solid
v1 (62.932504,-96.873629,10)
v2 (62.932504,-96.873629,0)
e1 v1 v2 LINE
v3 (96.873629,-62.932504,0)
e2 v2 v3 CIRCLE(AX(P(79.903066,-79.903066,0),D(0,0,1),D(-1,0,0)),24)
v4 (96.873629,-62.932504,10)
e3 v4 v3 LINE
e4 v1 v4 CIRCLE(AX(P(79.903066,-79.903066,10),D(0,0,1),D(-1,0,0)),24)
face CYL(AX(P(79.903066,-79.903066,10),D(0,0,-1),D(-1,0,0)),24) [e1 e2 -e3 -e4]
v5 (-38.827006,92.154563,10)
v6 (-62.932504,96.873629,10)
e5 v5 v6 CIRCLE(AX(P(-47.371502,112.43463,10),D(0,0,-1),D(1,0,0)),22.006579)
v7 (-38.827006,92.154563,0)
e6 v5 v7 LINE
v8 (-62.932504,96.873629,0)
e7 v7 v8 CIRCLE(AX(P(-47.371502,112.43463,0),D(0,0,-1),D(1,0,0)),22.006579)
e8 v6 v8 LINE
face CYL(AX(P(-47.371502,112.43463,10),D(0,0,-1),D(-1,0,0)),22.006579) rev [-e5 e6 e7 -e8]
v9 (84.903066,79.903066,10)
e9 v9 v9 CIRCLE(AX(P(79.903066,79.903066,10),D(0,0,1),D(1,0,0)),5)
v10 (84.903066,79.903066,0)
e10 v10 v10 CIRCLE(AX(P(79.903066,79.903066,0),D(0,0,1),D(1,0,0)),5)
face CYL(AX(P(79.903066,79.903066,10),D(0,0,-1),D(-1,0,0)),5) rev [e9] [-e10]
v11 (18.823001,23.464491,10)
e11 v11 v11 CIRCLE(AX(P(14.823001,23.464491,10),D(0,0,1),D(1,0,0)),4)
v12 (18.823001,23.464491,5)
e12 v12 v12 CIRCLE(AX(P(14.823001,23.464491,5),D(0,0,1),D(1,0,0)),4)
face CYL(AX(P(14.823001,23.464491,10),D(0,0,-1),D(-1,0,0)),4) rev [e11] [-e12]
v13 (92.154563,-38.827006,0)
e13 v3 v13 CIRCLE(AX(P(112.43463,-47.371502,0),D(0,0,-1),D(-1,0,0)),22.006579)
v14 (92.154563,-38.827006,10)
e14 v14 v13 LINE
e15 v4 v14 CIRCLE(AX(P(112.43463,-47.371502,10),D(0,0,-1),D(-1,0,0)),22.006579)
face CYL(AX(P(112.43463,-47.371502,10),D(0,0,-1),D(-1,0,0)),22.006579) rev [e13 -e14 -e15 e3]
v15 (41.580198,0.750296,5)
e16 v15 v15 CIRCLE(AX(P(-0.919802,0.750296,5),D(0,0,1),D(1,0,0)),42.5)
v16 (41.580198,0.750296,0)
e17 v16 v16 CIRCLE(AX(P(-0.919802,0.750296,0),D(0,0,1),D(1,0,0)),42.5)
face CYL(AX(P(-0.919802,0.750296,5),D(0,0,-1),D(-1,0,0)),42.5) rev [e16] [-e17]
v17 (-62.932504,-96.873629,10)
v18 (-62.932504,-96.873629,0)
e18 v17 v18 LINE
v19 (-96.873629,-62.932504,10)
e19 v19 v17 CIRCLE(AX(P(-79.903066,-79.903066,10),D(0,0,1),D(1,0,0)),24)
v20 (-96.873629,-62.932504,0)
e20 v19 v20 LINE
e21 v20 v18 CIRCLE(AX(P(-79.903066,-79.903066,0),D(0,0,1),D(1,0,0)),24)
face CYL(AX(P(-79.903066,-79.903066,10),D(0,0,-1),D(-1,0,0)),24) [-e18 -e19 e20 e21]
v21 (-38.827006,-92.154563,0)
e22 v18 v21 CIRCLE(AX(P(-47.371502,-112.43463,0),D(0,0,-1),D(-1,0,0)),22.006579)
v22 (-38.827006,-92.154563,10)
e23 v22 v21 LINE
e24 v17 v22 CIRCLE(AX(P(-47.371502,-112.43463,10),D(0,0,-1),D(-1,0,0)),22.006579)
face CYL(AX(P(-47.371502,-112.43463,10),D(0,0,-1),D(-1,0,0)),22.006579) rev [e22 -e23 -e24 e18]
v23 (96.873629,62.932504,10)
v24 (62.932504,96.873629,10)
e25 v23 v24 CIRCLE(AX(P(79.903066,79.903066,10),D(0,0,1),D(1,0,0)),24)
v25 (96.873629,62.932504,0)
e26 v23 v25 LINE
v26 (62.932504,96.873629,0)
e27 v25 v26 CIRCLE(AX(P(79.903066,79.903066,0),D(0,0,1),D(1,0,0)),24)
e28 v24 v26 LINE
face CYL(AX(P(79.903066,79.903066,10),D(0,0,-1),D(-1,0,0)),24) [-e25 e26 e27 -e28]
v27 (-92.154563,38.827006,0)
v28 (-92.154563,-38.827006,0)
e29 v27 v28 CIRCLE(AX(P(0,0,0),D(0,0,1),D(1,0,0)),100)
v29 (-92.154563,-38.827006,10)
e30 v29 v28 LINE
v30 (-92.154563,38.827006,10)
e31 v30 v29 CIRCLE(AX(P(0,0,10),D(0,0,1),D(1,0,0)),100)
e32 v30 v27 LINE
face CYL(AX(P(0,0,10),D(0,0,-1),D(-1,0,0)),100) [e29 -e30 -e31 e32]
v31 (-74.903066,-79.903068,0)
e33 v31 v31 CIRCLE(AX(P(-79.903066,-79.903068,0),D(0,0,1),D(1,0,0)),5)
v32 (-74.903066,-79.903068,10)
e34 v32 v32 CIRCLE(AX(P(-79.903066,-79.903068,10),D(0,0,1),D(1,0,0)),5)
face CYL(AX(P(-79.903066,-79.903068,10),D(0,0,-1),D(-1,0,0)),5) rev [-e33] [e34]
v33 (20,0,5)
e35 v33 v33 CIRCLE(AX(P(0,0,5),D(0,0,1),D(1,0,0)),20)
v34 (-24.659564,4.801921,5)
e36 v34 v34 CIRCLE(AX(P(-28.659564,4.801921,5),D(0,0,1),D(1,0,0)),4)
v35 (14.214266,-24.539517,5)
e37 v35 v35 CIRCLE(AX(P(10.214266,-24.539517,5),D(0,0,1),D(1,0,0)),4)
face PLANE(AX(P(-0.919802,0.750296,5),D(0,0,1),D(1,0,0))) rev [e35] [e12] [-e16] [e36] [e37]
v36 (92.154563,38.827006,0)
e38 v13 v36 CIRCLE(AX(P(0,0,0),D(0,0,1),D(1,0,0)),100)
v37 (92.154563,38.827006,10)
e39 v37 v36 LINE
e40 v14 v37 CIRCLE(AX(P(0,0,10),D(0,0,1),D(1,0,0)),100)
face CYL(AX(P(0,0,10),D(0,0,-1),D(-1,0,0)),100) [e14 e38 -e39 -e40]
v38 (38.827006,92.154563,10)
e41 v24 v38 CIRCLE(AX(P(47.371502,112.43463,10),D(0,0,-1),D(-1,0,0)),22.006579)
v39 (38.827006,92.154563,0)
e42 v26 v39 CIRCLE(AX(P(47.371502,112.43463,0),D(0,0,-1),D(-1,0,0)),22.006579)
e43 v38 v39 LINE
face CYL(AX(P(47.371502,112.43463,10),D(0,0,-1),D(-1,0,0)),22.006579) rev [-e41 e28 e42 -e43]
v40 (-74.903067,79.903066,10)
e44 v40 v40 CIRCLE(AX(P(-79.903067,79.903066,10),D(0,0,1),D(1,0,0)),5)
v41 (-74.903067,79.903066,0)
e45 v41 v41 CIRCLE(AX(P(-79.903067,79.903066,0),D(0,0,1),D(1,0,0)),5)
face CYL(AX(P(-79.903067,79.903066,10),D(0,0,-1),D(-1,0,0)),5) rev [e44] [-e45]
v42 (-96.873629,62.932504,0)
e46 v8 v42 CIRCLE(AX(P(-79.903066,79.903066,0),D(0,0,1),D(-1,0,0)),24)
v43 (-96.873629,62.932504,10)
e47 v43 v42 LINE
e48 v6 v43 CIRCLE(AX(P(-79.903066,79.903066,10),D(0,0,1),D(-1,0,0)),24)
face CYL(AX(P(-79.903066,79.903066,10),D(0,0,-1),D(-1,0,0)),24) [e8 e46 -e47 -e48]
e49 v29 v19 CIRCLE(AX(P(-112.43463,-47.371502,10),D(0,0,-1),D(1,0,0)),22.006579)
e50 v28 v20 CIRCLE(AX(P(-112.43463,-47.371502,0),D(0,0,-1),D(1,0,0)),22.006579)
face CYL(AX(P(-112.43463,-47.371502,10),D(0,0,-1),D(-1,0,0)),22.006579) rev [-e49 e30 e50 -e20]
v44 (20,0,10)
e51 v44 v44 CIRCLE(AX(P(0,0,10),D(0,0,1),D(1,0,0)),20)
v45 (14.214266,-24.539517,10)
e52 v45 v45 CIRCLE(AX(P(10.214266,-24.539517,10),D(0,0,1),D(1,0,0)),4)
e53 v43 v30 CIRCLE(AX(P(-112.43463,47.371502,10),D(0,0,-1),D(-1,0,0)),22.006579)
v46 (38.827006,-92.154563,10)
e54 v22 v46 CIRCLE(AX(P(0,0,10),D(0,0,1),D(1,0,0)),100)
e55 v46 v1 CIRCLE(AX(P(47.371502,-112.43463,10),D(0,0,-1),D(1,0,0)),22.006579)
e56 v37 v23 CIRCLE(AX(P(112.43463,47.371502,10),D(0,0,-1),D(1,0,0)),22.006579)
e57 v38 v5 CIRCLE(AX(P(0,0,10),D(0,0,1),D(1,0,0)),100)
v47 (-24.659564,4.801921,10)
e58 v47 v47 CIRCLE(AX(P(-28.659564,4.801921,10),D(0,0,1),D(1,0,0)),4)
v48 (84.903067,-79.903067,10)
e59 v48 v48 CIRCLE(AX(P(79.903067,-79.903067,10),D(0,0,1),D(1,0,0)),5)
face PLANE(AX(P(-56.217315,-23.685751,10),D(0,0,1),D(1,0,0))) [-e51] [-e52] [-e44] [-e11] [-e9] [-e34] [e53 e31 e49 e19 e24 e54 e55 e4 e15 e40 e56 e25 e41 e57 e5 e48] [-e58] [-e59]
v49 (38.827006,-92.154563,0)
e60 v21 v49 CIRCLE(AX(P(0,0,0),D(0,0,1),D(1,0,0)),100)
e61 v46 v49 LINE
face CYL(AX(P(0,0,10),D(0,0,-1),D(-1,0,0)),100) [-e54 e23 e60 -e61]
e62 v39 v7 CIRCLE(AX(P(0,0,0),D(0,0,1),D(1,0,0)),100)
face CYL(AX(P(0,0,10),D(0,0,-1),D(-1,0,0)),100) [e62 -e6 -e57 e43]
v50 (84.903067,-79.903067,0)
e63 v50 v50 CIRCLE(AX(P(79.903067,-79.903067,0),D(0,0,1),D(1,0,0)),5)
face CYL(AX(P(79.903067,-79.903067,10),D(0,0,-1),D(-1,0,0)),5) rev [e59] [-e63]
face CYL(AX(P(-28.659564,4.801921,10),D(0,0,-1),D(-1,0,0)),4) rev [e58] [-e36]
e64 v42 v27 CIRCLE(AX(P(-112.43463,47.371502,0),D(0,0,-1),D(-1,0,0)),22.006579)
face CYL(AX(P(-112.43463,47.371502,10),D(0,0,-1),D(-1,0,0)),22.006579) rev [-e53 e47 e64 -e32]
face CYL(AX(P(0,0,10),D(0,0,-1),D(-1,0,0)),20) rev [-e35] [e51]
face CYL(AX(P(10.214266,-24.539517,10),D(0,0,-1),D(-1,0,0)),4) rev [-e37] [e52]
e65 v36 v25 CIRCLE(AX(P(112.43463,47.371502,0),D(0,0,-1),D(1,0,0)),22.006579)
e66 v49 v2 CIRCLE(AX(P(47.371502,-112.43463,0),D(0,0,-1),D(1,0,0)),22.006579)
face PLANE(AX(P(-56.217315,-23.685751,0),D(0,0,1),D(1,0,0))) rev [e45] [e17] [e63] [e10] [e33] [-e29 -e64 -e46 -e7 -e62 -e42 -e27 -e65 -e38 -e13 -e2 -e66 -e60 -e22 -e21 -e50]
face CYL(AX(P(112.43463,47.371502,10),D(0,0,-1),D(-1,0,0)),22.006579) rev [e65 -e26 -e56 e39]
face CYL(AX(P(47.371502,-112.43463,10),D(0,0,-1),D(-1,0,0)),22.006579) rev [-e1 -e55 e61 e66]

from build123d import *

# Parameters (mm, degrees)
SKETCH1_R               = 5
SKETCH1_R_2             = 4
BOSS_EXTRUDE1_DEPTH     = 10
SKETCH3_R               = 20
CUT_EXTRUDE4_DEPTH      = 11
CUT_EXTRUDE4_DEPTH_BACK = 1
SKETCH6_R               = 42.5
CUT_EXTRUDE5_DEPTH      = 5


with BuildPart() as part:
    # Sketch1 → Boss-Extrude1 (new body)
    with BuildSketch(Plane.XY):
        with BuildLine():
            ThreePointArc((62.932503526, 96.873629023), (51.59941337, 90.83800352), (38.827006486, 92.154563465))
            ThreePointArc((38.827006486, 92.154563465), (0, 100), (-38.827006486, 92.154563465))
            ThreePointArc((-38.827006486, 92.154563465), (-51.59941337, 90.83800352), (-62.932503526, 96.873629023))
            ThreePointArc((-62.932503526, 96.873629023), (-96.873629023, 96.873629023), (-96.873629023, 62.932503526))
            ThreePointArc((-96.873629023, 62.932503526), (-90.83800352, 51.59941337), (-92.154563465, 38.827006486))
            ThreePointArc((-92.154563465, 38.827006486), (-100, 0), (-92.154563465, -38.827006486))
            ThreePointArc((-92.154563465, -38.827006486), (-90.83800352, -51.59941337), (-96.873629023, -62.932503526))
            ThreePointArc((-96.873629023, -62.932503526), (-96.873629023, -96.873629023), (-62.932503526, -96.873629023))
            ThreePointArc((-62.932503526, -96.873629023), (-51.59941337, -90.83800352), (-38.827006486, -92.154563465))
            ThreePointArc((-38.827006486, -92.154563465), (0, -100), (38.827006486, -92.154563465))
            ThreePointArc((38.827006486, -92.154563465), (51.59941337, -90.83800352), (62.932503526, -96.873629023))
            ThreePointArc((62.932503526, -96.873629023), (96.873629023, -96.873629023), (96.873629023, -62.932503526))
            ThreePointArc((96.873629023, -62.932503526), (90.83800352, -51.59941337), (92.154563465, -38.827006486))
            ThreePointArc((92.154563465, -38.827006486), (100, 0), (92.154563465, 38.827006486))
            ThreePointArc((92.154563465, 38.827006486), (90.83800352, 51.59941337), (96.873629023, 62.932503526))
            ThreePointArc((96.873629023, 62.932503526), (96.873629023, 96.873629023), (62.932503526, 96.873629023))
        make_face()
        with Locations((-79.903066991, 79.903065557)):
            Circle(SKETCH1_R, mode=Mode.SUBTRACT)
        with Locations((-79.903066274, -79.903067707)):
            Circle(SKETCH1_R, mode=Mode.SUBTRACT)
        with Locations((79.903066274, 79.903066274)):
            Circle(SKETCH1_R, mode=Mode.SUBTRACT)
        with Locations((79.903066991, -79.903066991)):
            Circle(SKETCH1_R, mode=Mode.SUBTRACT)
        with Locations((-28.659563911, 4.801920664)):
            Circle(SKETCH1_R_2, mode=Mode.SUBTRACT)
        with Locations((10.214266366, -24.539516671)):
            Circle(SKETCH1_R_2, mode=Mode.SUBTRACT)
        with Locations((14.823001416, 23.464491412)):
            Circle(SKETCH1_R_2, mode=Mode.SUBTRACT)
    extrude(amount=BOSS_EXTRUDE1_DEPTH)

    # Sketch3 → Cut-Extrude4 (cut, two sides)
    with BuildSketch(Plane.XY) as cut_extrude4_sk:
        Circle(SKETCH3_R)
    extrude(amount=CUT_EXTRUDE4_DEPTH, mode=Mode.SUBTRACT)
    extrude(cut_extrude4_sk.sketch, amount=-CUT_EXTRUDE4_DEPTH_BACK, mode=Mode.SUBTRACT)

    # Sketch6 → Cut-Extrude5 (cut)
    with BuildSketch(Plane.XY):
        with Locations((-0.919801826, 0.750296012)):
            Circle(SKETCH6_R)
    extrude(amount=CUT_EXTRUDE5_DEPTH, mode=Mode.SUBTRACT)


solid = part.part
